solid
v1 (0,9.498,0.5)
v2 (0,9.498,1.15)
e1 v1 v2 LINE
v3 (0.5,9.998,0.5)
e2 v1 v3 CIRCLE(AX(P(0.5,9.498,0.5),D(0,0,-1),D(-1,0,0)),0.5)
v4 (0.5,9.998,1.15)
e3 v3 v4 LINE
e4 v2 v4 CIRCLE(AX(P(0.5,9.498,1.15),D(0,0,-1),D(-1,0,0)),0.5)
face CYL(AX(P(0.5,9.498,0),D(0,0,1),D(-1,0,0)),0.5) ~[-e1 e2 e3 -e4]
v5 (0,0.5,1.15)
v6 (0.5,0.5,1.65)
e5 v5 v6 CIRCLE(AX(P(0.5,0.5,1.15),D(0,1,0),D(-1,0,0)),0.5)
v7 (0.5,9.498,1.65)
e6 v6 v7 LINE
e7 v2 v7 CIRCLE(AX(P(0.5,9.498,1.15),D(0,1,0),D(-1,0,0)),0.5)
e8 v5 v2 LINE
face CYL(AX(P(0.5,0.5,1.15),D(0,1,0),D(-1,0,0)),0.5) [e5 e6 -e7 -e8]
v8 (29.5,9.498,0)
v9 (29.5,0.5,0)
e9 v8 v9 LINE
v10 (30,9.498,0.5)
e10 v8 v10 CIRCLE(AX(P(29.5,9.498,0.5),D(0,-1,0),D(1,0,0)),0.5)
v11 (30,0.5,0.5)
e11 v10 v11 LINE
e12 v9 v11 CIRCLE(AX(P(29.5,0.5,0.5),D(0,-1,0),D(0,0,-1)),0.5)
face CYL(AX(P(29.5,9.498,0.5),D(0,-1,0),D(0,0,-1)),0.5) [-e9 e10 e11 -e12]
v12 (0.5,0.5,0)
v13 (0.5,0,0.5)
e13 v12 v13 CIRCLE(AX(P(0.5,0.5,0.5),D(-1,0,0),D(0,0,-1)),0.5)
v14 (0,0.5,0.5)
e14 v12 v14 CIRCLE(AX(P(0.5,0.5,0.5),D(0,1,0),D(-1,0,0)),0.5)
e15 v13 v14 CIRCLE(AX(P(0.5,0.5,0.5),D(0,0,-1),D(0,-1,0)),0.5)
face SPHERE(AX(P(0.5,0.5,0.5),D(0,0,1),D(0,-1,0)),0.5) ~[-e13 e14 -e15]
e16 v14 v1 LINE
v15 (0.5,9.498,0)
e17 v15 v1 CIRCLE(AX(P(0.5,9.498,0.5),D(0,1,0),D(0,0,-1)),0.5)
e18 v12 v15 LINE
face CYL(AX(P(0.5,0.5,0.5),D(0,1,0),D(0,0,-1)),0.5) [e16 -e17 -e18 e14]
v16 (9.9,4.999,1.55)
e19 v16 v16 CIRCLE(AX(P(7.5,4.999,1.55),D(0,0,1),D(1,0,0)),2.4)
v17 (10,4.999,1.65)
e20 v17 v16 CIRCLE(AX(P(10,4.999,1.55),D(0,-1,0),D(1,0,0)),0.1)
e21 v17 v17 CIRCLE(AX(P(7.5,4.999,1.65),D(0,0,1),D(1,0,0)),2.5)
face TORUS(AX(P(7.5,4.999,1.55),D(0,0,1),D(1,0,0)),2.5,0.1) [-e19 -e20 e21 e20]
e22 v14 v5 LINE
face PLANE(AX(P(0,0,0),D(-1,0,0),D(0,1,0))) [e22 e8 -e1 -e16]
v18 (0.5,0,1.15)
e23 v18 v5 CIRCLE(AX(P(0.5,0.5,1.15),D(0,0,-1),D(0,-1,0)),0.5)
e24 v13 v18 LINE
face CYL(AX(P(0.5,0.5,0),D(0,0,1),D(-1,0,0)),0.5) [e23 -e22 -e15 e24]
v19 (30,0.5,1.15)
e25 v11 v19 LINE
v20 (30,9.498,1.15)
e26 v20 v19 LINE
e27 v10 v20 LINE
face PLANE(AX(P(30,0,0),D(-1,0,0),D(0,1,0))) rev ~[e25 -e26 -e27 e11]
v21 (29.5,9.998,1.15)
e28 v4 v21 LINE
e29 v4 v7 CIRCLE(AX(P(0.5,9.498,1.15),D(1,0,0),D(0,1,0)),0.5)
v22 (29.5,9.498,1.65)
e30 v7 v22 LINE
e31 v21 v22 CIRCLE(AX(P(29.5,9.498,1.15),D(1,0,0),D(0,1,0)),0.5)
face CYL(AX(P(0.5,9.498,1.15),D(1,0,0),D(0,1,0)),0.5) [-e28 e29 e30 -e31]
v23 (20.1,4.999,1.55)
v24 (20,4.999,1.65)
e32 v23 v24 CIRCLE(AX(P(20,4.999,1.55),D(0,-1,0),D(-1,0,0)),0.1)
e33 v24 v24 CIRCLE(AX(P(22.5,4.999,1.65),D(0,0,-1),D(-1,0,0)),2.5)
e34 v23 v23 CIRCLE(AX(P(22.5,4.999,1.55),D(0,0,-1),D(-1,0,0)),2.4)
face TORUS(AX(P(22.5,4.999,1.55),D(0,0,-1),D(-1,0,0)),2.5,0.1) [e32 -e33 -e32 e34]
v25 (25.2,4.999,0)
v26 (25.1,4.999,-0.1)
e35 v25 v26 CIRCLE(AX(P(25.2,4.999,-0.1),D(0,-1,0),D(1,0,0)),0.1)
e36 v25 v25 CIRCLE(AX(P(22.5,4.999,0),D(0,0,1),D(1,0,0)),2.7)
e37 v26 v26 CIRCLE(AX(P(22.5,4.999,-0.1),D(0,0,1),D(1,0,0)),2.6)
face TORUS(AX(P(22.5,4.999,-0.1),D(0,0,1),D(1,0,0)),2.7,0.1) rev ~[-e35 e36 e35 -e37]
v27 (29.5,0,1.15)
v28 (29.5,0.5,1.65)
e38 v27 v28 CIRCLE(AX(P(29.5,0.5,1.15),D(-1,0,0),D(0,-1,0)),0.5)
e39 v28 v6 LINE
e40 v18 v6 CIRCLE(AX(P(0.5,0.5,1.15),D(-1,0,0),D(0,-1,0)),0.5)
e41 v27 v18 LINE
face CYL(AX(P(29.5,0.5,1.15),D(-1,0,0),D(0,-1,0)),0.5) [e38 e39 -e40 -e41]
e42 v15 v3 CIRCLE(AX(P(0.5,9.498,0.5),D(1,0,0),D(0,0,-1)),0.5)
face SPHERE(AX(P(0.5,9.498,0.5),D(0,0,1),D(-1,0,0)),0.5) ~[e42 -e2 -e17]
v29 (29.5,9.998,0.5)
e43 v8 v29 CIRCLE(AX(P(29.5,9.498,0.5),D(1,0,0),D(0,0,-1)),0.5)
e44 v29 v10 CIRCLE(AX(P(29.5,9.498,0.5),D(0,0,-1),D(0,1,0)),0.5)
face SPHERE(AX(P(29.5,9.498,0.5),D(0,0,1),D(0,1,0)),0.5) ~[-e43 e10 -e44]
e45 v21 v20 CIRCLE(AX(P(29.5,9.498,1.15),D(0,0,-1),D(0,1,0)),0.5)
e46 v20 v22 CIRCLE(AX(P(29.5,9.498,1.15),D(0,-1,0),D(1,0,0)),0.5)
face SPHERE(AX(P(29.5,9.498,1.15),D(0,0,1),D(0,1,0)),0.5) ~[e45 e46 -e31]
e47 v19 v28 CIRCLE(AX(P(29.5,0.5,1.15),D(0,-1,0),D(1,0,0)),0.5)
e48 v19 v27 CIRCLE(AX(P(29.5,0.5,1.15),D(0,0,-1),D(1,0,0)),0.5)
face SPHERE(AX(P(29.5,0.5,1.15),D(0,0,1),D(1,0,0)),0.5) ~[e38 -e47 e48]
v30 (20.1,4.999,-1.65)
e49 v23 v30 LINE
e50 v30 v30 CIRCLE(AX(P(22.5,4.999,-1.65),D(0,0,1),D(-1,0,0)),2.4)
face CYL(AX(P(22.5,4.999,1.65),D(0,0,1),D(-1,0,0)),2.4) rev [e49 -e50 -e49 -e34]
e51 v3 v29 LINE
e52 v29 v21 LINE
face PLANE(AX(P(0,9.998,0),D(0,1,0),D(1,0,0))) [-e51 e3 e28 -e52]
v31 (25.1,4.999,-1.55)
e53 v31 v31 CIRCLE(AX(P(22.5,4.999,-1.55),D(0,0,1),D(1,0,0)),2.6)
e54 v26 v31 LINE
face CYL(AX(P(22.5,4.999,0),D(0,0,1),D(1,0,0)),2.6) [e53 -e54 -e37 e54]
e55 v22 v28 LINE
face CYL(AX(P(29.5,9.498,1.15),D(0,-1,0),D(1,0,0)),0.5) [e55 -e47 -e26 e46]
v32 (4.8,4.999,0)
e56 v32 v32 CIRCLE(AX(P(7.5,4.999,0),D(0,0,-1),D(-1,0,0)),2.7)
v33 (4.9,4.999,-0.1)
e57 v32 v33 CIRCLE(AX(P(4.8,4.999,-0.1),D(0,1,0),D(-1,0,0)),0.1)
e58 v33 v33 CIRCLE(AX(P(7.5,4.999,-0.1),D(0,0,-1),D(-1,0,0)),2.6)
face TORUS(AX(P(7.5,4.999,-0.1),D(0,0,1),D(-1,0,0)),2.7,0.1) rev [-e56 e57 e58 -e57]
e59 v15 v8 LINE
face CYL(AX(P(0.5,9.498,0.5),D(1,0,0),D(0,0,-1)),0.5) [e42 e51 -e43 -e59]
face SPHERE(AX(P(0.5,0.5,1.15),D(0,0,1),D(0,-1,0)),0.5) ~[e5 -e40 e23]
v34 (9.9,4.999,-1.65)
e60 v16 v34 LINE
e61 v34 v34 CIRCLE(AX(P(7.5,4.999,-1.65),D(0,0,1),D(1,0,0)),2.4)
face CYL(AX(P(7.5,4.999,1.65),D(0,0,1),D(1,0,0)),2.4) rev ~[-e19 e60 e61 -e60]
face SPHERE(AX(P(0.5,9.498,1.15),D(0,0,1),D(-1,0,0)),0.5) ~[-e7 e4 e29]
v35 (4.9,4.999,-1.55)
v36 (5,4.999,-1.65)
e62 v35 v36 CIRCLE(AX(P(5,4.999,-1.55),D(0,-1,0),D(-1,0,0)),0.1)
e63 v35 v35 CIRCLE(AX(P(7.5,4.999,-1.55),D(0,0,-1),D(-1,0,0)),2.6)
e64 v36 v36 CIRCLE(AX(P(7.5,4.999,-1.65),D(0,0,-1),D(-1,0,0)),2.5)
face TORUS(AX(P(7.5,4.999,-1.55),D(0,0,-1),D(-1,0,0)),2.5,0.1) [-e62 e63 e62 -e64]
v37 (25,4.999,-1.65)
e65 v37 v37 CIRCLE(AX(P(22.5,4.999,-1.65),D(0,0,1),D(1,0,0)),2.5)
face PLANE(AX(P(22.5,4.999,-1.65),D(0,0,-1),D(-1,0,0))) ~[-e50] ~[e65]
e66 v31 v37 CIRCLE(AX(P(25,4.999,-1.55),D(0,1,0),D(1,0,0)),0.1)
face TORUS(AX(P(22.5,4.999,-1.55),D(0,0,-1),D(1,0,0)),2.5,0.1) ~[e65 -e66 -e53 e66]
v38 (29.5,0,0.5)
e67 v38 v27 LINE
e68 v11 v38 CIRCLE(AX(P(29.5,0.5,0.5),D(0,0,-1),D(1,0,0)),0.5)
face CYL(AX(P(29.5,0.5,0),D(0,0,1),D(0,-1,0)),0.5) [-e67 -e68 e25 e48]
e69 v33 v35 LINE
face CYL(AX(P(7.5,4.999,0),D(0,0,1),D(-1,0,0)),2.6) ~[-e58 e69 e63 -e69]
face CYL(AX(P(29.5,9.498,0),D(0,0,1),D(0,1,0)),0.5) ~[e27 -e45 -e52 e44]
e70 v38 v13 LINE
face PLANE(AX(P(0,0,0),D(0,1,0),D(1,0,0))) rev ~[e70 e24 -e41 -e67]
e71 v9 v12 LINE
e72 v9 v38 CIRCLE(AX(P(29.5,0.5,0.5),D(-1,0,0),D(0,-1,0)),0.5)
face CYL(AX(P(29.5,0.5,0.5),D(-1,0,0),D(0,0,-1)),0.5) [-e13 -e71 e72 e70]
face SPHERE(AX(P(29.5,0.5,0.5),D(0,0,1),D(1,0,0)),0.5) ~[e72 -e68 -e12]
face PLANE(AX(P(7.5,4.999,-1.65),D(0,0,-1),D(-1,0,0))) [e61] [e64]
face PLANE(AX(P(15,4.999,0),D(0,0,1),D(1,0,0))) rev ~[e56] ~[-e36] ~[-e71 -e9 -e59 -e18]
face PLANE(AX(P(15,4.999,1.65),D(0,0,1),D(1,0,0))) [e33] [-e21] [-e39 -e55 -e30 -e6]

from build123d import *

# Parameters (mm, degrees)
SKETCH1_W            = 30
SKETCH1_H            = 9.998
BOSS_EXTRUDE1_DEPTH  = 1.65
SKETCH2_R            = 2.6
BOSS_EXTRUDE2_DEPTH  = 1.65
SKETCH3_R            = 2.4
CUT_EXTRUDE1_DEPTH   = 4.3
FILLET1_R            = 0.1
FILLET3_R            = 0.5
FILLET4_R            = 0.5
FILLET1_OF_MIRROR2_R = 0.1


with BuildPart() as part:
    # Sketch1 → Boss-Extrude1 (new body)
    with BuildSketch(Plane.XY):
        with Locations((15, 4.999)):
            Rectangle(SKETCH1_W, SKETCH1_H)
    extrude(amount=BOSS_EXTRUDE1_DEPTH)

    # Sketch2 → Boss-Extrude2 (add)
    with BuildSketch(Plane(origin=(0, 0, 0), x_dir=(-1, 0, 0), z_dir=(0, 0, -1))):
        with Locations((-7.5, 4.999)):
            Circle(SKETCH2_R)
    boss_extrude2 = extrude(amount=BOSS_EXTRUDE2_DEPTH)

    # Sketch3 → Cut-Extrude1 (cut, through all)
    with BuildSketch(Plane.XY.offset(1.65)):
        with Locations((7.5, 4.999)):
            Circle(SKETCH3_R)
    cut_extrude1 = extrude(amount=-CUT_EXTRUDE1_DEPTH, mode=Mode.SUBTRACT)

    # Fillet1
    fillet1_edges = [part.edges().sort_by_distance(p)[0] for p in [
        (10.1, 4.999, 0),
        (10.1, 4.999, -1.65),
        (5.1, 4.999, 1.65),
    ]]
    fillet(fillet1_edges, radius=FILLET1_R)

    # Fillet3
    fillet3_edges = [part.edges().sort_by_distance(p)[0] for p in [
        (0, 0, 0.825),
        (0, 9.998, 0.825),
        (30, 9.998, 0.825),
        (30, 0, 0.825),
    ]]
    fillet(fillet3_edges, radius=FILLET3_R)

    # Fillet4
    fillet4_edges = [part.edges().sort_by_distance(p)[0] for p in [
        (15, 9.998, 0),
        (15, 9.998, 1.65),
        (15, 0, 0),
        (0, 4.999, 0),
        (30, 4.999, 0),
        (0.146446609, 0.146446609, 0),
        (0.146446609, 9.851553391, 0),
        (29.853553391, 0.146446609, 0),
        (29.853553391, 9.851553391, 0),
        (30, 4.999, 1.65),
        (15, 0, 1.65),
        (0, 4.999, 1.65),
        (0.146446609, 0.146446609, 1.65),
        (0.146446609, 9.851553391, 1.65),
        (29.853553391, 0.146446609, 1.65),
        (29.853553391, 9.851553391, 1.65),
    ]]
    fillet(fillet4_edges, radius=FILLET4_R)

    # Mirror2: Boss-Extrude2, Cut-Extrude1 across plane
    add(boss_extrude2.mirror(Plane(origin=(15, 0, 0), x_dir=(0, 0, 1), z_dir=(1, 0, 0))))
    add(cut_extrude1.mirror(Plane(origin=(15, 0, 0), x_dir=(0, 0, 1), z_dir=(1, 0, 0))), mode=Mode.SUBTRACT)

    # Fillet1 of Mirror2
    fillet1_of_mirror2_edges = [part.edges().sort_by_distance(p)[0] for p in [
        (19.9, 4.999, 0),
        (19.9, 4.999, -1.65),
        (24.9, 4.999, 1.65),
    ]]
    fillet(fillet1_of_mirror2_edges, radius=FILLET1_OF_MIRROR2_R)


solid = part.part
